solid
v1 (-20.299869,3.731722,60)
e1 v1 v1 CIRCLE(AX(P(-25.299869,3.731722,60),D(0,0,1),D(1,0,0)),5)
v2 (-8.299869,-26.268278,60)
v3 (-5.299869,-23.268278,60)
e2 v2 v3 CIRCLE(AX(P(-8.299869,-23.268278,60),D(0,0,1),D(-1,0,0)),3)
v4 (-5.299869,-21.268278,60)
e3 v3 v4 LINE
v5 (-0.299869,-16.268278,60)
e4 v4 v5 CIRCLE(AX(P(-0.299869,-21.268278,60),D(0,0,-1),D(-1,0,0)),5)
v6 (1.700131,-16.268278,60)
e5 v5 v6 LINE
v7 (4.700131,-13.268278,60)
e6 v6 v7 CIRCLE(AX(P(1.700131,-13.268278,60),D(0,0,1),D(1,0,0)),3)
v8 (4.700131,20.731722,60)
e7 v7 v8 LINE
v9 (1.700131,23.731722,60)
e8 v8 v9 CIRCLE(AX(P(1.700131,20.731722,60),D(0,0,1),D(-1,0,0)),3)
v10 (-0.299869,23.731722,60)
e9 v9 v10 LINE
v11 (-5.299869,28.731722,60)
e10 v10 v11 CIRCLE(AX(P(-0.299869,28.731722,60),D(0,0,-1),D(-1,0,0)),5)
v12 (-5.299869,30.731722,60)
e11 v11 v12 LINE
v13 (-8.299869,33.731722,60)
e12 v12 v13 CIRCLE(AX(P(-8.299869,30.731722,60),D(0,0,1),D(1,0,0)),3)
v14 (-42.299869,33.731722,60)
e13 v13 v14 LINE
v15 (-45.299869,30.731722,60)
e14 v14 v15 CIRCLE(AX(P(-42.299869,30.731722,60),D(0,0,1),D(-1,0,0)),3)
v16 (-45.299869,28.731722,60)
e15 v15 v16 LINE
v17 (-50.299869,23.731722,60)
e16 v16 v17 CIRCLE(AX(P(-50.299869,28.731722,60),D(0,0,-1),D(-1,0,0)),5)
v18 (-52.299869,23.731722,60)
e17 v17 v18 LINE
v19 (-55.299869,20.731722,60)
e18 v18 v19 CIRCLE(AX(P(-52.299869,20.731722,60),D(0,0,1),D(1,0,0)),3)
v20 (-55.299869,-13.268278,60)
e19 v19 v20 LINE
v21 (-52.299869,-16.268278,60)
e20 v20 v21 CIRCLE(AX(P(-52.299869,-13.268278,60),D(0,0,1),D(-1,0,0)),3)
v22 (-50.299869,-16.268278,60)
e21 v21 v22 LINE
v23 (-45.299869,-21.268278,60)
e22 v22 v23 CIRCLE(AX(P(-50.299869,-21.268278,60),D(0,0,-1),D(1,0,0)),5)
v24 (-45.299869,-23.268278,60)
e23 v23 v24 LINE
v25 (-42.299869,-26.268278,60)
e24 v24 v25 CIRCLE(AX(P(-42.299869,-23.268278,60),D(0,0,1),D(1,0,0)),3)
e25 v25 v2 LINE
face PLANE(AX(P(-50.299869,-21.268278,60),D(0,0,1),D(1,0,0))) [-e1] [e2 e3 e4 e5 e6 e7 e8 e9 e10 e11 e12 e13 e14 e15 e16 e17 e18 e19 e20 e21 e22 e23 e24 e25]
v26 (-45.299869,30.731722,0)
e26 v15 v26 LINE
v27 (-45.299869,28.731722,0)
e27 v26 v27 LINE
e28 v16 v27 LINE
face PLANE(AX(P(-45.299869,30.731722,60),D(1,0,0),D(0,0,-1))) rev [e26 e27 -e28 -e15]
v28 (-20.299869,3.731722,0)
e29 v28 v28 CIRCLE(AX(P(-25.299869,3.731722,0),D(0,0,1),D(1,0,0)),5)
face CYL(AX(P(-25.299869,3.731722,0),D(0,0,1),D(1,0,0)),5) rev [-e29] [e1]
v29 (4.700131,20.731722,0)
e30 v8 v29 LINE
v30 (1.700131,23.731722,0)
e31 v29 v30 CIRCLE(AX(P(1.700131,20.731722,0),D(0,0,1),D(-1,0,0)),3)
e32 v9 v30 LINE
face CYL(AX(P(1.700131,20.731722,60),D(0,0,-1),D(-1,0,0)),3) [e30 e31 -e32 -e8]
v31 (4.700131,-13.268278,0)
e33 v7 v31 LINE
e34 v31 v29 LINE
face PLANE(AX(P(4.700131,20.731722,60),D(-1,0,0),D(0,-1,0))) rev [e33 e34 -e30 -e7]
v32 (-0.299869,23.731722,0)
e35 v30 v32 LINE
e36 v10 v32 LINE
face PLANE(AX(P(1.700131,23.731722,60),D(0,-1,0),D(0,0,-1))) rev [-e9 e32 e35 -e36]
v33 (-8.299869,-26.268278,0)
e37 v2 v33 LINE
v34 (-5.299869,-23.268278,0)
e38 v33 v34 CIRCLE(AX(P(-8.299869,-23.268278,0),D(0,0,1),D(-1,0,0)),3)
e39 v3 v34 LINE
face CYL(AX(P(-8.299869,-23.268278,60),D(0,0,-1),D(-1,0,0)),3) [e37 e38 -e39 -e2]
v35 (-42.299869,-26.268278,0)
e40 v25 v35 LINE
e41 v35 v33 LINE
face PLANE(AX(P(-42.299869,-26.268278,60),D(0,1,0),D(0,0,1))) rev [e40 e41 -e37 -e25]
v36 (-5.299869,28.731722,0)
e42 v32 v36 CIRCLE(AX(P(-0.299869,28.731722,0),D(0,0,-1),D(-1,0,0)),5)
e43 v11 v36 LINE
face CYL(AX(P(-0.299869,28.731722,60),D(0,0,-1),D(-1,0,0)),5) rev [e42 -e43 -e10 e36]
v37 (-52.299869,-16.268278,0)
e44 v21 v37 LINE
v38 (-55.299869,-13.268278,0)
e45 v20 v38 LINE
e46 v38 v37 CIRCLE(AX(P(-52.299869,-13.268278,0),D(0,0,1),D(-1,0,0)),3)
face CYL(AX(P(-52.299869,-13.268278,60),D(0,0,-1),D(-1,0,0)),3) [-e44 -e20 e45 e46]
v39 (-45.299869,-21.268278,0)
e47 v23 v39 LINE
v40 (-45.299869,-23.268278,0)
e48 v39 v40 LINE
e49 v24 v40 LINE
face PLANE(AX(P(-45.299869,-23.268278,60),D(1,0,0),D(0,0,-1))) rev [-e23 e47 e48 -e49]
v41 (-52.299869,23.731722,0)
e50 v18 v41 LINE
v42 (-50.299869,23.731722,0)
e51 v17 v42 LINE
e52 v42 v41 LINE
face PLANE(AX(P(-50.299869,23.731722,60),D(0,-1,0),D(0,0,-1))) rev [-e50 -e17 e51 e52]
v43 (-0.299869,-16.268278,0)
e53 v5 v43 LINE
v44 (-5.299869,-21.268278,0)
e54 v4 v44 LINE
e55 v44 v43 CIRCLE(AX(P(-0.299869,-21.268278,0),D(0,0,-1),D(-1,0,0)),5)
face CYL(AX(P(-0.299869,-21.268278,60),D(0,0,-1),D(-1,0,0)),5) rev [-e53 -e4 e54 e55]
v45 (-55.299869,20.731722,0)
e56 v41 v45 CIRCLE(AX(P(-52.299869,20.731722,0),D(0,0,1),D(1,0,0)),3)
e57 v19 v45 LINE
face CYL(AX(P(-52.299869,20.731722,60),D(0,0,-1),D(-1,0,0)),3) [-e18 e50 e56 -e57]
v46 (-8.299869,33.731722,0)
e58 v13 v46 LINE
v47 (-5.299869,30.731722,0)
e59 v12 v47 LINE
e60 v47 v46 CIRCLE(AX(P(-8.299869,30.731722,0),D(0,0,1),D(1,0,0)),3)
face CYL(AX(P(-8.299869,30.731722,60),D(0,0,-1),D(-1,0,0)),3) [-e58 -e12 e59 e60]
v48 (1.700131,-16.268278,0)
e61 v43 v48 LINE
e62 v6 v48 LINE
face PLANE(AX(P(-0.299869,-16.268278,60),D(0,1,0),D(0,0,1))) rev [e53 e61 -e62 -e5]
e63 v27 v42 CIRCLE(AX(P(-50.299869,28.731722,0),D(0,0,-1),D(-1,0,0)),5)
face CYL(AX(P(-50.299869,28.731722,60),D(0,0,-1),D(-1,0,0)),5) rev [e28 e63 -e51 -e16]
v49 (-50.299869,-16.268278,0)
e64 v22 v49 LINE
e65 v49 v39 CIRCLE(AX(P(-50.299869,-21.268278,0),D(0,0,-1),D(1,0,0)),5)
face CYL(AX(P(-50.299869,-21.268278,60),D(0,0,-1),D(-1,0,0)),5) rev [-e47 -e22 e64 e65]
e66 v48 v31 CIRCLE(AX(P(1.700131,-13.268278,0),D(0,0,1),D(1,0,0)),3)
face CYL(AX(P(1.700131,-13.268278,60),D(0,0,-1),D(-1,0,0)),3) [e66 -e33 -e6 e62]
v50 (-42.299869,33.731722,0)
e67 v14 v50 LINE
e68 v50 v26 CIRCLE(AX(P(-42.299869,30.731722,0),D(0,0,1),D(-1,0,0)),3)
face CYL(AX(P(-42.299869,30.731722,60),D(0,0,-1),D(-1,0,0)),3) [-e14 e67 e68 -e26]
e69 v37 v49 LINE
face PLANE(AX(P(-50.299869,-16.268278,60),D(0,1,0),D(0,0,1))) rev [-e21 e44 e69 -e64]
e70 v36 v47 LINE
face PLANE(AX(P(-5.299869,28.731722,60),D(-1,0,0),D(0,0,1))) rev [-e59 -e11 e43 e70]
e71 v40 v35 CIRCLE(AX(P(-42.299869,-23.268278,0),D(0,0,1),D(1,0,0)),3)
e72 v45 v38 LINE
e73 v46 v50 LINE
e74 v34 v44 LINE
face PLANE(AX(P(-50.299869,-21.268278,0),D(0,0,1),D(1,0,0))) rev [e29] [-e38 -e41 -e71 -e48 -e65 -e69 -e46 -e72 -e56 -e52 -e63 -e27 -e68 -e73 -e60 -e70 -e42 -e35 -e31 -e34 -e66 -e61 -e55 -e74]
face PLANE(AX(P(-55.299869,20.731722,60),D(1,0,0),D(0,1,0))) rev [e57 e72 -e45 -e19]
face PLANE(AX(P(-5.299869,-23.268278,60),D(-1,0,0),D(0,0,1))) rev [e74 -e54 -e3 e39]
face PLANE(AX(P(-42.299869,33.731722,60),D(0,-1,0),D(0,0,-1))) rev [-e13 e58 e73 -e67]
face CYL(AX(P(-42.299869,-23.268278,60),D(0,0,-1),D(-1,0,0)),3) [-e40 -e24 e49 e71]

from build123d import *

# Parameters (mm, degrees)
Y_KSEKLIK_EKSTR_ZYON1_DEPTH = 60
IZIM2_R                     = 5
KES_EKSTR_ZYON1_DEPTH       = 61


with BuildPart() as part:
    # Çizim1 → Yükseklik-Ekstrüzyon1 (new body)
    with BuildSketch(Plane.XY):
        with BuildLine():
            Line((-45.299869289, 30.731722377), (-45.299869289, 28.731722377))
            ThreePointArc((-45.299869289, 28.731722377), (-46.764335383, 25.196188471), (-50.299869289, 23.731722377))
            Line((-50.299869289, 23.731722377), (-52.299869289, 23.731722377))
            ThreePointArc((-52.299869289, 23.731722377), (-54.421189632, 22.853042721), (-55.299869289, 20.731722377))
            Line((-55.299869289, 20.731722377), (-55.299869289, -13.268277623))
            ThreePointArc((-55.299869289, -13.268277623), (-54.421189632, -15.389597966), (-52.299869289, -16.268277623))
            Line((-52.299869289, -16.268277623), (-50.299869289, -16.268277623))
            ThreePointArc((-50.299869289, -16.268277623), (-46.764335383, -17.732743717), (-45.299869289, -21.268277623))
            Line((-45.299869289, -21.268277623), (-45.299869289, -23.268277623))
            ThreePointArc((-45.299869289, -23.268277623), (-44.421189632, -25.389597966), (-42.299869289, -26.268277623))
            Line((-42.299869289, -26.268277623), (-8.299869289, -26.268277623))
            ThreePointArc((-8.299869289, -26.268277623), (-6.178548945, -25.389597966), (-5.299869289, -23.268277623))
            Line((-5.299869289, -23.268277623), (-5.299869289, -21.268277623))
            ThreePointArc((-5.299869289, -21.268277623), (-3.835403195, -17.732743717), (-0.299869289, -16.268277623))
            Line((-0.299869289, -16.268277623), (1.700130711, -16.268277623))
            ThreePointArc((1.700130711, -16.268277623), (3.821451055, -15.389597966), (4.700130711, -13.268277623))
            Line((4.700130711, -13.268277623), (4.700130711, 20.731722377))
            ThreePointArc((4.700130711, 20.731722377), (3.821451055, 22.853042721), (1.700130711, 23.731722377))
            Line((1.700130711, 23.731722377), (-0.299869289, 23.731722377))
            ThreePointArc((-0.299869289, 23.731722377), (-3.835403195, 25.196188471), (-5.299869289, 28.731722377))
            Line((-5.299869289, 28.731722377), (-5.299869289, 30.731722377))
            ThreePointArc((-5.299869289, 30.731722377), (-6.178548945, 32.853042721), (-8.299869289, 33.731722377))
            Line((-8.299869289, 33.731722377), (-42.299869289, 33.731722377))
            ThreePointArc((-42.299869289, 33.731722377), (-44.421189632, 32.853042721), (-45.299869289, 30.731722377))
        make_face()
    extrude(amount=Y_KSEKLIK_EKSTR_ZYON1_DEPTH)

    # Çizim2 → Kes-Ekstrüzyon1 (cut, through all)
    with BuildSketch(Plane.XY.offset(60)):
        with Locations((-25.299869289, 3.731722377)):
            Circle(IZIM2_R)
    extrude(amount=-KES_EKSTR_ZYON1_DEPTH, mode=Mode.SUBTRACT)


solid = part.part
